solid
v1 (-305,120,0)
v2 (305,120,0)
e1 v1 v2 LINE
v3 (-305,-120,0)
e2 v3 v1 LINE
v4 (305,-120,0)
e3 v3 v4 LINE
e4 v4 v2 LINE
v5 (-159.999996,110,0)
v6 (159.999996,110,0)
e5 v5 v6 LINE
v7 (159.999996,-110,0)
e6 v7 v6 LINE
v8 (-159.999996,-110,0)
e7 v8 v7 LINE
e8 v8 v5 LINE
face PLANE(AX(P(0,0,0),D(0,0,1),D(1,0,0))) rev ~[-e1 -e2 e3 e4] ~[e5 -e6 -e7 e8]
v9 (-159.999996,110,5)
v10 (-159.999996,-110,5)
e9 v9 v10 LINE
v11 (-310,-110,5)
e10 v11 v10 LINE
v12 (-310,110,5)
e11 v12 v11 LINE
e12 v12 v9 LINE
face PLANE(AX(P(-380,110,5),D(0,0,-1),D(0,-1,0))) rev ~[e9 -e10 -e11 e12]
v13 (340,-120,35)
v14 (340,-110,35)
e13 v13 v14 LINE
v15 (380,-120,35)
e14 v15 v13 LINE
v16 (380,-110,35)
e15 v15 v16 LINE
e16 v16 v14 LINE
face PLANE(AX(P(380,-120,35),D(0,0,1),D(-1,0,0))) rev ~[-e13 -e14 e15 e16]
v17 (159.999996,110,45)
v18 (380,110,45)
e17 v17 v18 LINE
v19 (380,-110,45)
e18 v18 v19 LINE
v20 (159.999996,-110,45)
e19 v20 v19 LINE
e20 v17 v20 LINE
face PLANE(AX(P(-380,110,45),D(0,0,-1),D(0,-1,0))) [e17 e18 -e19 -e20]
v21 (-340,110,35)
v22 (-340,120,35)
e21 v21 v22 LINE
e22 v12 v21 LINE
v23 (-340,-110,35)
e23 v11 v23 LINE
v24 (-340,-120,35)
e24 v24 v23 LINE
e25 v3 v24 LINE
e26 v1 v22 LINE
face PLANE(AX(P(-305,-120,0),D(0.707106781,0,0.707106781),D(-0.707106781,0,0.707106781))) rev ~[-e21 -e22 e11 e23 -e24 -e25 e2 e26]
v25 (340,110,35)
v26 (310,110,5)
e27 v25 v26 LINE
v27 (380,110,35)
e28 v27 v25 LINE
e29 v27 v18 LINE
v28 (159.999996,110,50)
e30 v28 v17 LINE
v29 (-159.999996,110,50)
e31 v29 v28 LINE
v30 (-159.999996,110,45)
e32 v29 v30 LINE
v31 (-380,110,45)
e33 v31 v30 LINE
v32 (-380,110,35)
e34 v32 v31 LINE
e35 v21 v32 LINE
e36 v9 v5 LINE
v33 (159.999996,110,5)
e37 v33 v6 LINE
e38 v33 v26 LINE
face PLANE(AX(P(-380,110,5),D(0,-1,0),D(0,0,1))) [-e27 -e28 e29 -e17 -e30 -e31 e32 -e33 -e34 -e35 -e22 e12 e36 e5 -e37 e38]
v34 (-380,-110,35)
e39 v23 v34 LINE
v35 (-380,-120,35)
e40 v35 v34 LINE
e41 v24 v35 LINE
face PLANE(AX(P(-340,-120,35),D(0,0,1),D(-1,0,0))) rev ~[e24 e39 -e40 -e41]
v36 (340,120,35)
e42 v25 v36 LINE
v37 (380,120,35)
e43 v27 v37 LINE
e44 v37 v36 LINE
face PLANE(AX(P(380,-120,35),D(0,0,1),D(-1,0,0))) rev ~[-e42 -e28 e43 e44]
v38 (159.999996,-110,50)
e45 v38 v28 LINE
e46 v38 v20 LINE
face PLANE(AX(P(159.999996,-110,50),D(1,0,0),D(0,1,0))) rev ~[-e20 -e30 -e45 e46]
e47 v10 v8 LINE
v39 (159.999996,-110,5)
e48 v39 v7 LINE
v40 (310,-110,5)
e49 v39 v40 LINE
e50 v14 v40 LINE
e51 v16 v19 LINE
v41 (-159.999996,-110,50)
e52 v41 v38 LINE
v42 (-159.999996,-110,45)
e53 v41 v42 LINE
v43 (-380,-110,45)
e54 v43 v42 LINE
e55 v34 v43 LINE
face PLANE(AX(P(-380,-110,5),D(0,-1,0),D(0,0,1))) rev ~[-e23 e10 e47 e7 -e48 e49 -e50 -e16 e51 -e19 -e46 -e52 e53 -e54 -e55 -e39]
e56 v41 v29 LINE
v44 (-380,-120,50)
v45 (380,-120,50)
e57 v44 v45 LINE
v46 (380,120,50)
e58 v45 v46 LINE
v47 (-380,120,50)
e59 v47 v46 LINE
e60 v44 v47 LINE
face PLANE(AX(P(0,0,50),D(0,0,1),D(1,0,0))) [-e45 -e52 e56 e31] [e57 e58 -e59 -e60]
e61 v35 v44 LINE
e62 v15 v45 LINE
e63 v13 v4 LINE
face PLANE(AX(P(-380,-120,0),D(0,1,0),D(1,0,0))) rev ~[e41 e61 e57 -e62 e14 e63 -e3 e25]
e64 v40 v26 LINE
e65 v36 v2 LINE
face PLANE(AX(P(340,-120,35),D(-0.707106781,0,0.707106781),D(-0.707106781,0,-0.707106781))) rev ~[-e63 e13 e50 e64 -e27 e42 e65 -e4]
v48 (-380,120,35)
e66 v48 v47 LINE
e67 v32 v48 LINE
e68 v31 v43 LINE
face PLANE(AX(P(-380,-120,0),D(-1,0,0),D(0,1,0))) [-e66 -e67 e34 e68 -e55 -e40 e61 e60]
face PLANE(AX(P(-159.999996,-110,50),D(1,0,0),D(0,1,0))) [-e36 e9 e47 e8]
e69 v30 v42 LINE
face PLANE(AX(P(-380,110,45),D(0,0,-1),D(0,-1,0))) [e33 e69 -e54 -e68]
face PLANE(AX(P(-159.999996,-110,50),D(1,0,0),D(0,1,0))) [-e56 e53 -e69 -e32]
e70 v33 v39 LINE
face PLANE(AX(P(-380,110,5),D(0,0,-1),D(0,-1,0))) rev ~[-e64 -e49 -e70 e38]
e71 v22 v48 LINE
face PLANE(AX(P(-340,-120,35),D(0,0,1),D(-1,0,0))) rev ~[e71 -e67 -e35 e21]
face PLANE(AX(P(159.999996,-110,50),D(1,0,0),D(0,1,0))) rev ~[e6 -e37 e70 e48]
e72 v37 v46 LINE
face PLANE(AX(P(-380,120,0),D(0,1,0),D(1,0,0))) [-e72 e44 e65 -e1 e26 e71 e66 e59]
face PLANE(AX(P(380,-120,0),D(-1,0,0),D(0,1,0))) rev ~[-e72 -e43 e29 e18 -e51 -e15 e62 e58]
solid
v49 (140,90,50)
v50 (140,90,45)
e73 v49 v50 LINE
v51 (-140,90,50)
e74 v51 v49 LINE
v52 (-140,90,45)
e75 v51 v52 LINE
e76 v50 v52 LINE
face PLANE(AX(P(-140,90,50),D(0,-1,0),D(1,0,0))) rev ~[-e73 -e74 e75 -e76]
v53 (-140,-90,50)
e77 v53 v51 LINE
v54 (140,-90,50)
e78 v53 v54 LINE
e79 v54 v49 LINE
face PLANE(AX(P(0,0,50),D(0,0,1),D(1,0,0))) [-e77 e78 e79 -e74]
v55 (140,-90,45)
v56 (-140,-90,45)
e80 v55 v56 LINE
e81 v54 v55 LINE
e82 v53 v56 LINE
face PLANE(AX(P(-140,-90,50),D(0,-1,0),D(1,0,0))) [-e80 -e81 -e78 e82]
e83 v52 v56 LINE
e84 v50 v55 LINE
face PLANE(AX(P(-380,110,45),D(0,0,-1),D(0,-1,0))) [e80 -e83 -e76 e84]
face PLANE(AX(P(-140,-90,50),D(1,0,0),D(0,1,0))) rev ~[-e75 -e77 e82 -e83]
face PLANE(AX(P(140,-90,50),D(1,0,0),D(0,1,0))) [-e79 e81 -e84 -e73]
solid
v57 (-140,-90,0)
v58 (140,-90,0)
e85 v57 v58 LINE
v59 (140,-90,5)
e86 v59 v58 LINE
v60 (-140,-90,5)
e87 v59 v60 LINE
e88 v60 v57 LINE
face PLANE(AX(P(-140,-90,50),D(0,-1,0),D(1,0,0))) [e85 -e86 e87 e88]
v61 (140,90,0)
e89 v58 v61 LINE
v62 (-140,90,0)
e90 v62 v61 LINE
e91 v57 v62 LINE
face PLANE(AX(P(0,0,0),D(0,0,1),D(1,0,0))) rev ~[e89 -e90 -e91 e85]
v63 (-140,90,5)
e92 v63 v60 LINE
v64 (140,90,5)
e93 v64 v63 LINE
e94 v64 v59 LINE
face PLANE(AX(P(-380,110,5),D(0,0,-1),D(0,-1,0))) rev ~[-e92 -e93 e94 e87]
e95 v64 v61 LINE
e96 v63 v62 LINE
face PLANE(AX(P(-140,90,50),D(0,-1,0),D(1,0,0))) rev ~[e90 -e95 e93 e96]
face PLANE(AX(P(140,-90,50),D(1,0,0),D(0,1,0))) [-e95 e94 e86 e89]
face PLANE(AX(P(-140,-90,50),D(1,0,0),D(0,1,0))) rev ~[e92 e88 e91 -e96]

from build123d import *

# Parameters (mm, degrees)
F0_W     = 760
F0_H     = 240
F1_DEPTH = 50
F3_W     = 220
F3_H     = 40
F4_DEPTH = 760
F5_DEPTH = 240
F6_W     = 319.999992
F6_H     = 220
F6_W_2   = 280
F6_H_2   = 180
F7_DEPTH = 50


with BuildPart() as f1:
    # F0 (on Top) → F1 (new body)
    with BuildSketch(Plane.XY):
        Rectangle(F0_W, F0_H)
    extrude(amount=F1_DEPTH)

    # F3 (on face) → F4 (cut)
    with BuildSketch(Plane(origin=(-380, 0, 0), x_dir=(0, -1, 0), z_dir=(-1, 0, 0))):
        with Locations((0, 25)):
            Rectangle(F3_W, F3_H)
    extrude(amount=-F4_DEPTH, mode=Mode.SUBTRACT)

    # F2 (on face) → F5 (cut)
    with BuildSketch(Plane.XZ.offset(120)):
        Polygon((340, 35), (305, 0), (380, 0), (380, 35), align=None)
        Polygon((-340, 35), (-380, 35), (-380, 0), (-305, 0), align=None)
    extrude(amount=-F5_DEPTH, mode=Mode.SUBTRACT)

    # F6 (on face) → F7 (cut)
    with BuildSketch(Plane.XY.offset(50)):
        Rectangle(F6_W, F6_H)
        Rectangle(F6_W_2, F6_H_2, mode=Mode.SUBTRACT)
    extrude(amount=-F7_DEPTH, mode=Mode.SUBTRACT)


solid = f1.part
